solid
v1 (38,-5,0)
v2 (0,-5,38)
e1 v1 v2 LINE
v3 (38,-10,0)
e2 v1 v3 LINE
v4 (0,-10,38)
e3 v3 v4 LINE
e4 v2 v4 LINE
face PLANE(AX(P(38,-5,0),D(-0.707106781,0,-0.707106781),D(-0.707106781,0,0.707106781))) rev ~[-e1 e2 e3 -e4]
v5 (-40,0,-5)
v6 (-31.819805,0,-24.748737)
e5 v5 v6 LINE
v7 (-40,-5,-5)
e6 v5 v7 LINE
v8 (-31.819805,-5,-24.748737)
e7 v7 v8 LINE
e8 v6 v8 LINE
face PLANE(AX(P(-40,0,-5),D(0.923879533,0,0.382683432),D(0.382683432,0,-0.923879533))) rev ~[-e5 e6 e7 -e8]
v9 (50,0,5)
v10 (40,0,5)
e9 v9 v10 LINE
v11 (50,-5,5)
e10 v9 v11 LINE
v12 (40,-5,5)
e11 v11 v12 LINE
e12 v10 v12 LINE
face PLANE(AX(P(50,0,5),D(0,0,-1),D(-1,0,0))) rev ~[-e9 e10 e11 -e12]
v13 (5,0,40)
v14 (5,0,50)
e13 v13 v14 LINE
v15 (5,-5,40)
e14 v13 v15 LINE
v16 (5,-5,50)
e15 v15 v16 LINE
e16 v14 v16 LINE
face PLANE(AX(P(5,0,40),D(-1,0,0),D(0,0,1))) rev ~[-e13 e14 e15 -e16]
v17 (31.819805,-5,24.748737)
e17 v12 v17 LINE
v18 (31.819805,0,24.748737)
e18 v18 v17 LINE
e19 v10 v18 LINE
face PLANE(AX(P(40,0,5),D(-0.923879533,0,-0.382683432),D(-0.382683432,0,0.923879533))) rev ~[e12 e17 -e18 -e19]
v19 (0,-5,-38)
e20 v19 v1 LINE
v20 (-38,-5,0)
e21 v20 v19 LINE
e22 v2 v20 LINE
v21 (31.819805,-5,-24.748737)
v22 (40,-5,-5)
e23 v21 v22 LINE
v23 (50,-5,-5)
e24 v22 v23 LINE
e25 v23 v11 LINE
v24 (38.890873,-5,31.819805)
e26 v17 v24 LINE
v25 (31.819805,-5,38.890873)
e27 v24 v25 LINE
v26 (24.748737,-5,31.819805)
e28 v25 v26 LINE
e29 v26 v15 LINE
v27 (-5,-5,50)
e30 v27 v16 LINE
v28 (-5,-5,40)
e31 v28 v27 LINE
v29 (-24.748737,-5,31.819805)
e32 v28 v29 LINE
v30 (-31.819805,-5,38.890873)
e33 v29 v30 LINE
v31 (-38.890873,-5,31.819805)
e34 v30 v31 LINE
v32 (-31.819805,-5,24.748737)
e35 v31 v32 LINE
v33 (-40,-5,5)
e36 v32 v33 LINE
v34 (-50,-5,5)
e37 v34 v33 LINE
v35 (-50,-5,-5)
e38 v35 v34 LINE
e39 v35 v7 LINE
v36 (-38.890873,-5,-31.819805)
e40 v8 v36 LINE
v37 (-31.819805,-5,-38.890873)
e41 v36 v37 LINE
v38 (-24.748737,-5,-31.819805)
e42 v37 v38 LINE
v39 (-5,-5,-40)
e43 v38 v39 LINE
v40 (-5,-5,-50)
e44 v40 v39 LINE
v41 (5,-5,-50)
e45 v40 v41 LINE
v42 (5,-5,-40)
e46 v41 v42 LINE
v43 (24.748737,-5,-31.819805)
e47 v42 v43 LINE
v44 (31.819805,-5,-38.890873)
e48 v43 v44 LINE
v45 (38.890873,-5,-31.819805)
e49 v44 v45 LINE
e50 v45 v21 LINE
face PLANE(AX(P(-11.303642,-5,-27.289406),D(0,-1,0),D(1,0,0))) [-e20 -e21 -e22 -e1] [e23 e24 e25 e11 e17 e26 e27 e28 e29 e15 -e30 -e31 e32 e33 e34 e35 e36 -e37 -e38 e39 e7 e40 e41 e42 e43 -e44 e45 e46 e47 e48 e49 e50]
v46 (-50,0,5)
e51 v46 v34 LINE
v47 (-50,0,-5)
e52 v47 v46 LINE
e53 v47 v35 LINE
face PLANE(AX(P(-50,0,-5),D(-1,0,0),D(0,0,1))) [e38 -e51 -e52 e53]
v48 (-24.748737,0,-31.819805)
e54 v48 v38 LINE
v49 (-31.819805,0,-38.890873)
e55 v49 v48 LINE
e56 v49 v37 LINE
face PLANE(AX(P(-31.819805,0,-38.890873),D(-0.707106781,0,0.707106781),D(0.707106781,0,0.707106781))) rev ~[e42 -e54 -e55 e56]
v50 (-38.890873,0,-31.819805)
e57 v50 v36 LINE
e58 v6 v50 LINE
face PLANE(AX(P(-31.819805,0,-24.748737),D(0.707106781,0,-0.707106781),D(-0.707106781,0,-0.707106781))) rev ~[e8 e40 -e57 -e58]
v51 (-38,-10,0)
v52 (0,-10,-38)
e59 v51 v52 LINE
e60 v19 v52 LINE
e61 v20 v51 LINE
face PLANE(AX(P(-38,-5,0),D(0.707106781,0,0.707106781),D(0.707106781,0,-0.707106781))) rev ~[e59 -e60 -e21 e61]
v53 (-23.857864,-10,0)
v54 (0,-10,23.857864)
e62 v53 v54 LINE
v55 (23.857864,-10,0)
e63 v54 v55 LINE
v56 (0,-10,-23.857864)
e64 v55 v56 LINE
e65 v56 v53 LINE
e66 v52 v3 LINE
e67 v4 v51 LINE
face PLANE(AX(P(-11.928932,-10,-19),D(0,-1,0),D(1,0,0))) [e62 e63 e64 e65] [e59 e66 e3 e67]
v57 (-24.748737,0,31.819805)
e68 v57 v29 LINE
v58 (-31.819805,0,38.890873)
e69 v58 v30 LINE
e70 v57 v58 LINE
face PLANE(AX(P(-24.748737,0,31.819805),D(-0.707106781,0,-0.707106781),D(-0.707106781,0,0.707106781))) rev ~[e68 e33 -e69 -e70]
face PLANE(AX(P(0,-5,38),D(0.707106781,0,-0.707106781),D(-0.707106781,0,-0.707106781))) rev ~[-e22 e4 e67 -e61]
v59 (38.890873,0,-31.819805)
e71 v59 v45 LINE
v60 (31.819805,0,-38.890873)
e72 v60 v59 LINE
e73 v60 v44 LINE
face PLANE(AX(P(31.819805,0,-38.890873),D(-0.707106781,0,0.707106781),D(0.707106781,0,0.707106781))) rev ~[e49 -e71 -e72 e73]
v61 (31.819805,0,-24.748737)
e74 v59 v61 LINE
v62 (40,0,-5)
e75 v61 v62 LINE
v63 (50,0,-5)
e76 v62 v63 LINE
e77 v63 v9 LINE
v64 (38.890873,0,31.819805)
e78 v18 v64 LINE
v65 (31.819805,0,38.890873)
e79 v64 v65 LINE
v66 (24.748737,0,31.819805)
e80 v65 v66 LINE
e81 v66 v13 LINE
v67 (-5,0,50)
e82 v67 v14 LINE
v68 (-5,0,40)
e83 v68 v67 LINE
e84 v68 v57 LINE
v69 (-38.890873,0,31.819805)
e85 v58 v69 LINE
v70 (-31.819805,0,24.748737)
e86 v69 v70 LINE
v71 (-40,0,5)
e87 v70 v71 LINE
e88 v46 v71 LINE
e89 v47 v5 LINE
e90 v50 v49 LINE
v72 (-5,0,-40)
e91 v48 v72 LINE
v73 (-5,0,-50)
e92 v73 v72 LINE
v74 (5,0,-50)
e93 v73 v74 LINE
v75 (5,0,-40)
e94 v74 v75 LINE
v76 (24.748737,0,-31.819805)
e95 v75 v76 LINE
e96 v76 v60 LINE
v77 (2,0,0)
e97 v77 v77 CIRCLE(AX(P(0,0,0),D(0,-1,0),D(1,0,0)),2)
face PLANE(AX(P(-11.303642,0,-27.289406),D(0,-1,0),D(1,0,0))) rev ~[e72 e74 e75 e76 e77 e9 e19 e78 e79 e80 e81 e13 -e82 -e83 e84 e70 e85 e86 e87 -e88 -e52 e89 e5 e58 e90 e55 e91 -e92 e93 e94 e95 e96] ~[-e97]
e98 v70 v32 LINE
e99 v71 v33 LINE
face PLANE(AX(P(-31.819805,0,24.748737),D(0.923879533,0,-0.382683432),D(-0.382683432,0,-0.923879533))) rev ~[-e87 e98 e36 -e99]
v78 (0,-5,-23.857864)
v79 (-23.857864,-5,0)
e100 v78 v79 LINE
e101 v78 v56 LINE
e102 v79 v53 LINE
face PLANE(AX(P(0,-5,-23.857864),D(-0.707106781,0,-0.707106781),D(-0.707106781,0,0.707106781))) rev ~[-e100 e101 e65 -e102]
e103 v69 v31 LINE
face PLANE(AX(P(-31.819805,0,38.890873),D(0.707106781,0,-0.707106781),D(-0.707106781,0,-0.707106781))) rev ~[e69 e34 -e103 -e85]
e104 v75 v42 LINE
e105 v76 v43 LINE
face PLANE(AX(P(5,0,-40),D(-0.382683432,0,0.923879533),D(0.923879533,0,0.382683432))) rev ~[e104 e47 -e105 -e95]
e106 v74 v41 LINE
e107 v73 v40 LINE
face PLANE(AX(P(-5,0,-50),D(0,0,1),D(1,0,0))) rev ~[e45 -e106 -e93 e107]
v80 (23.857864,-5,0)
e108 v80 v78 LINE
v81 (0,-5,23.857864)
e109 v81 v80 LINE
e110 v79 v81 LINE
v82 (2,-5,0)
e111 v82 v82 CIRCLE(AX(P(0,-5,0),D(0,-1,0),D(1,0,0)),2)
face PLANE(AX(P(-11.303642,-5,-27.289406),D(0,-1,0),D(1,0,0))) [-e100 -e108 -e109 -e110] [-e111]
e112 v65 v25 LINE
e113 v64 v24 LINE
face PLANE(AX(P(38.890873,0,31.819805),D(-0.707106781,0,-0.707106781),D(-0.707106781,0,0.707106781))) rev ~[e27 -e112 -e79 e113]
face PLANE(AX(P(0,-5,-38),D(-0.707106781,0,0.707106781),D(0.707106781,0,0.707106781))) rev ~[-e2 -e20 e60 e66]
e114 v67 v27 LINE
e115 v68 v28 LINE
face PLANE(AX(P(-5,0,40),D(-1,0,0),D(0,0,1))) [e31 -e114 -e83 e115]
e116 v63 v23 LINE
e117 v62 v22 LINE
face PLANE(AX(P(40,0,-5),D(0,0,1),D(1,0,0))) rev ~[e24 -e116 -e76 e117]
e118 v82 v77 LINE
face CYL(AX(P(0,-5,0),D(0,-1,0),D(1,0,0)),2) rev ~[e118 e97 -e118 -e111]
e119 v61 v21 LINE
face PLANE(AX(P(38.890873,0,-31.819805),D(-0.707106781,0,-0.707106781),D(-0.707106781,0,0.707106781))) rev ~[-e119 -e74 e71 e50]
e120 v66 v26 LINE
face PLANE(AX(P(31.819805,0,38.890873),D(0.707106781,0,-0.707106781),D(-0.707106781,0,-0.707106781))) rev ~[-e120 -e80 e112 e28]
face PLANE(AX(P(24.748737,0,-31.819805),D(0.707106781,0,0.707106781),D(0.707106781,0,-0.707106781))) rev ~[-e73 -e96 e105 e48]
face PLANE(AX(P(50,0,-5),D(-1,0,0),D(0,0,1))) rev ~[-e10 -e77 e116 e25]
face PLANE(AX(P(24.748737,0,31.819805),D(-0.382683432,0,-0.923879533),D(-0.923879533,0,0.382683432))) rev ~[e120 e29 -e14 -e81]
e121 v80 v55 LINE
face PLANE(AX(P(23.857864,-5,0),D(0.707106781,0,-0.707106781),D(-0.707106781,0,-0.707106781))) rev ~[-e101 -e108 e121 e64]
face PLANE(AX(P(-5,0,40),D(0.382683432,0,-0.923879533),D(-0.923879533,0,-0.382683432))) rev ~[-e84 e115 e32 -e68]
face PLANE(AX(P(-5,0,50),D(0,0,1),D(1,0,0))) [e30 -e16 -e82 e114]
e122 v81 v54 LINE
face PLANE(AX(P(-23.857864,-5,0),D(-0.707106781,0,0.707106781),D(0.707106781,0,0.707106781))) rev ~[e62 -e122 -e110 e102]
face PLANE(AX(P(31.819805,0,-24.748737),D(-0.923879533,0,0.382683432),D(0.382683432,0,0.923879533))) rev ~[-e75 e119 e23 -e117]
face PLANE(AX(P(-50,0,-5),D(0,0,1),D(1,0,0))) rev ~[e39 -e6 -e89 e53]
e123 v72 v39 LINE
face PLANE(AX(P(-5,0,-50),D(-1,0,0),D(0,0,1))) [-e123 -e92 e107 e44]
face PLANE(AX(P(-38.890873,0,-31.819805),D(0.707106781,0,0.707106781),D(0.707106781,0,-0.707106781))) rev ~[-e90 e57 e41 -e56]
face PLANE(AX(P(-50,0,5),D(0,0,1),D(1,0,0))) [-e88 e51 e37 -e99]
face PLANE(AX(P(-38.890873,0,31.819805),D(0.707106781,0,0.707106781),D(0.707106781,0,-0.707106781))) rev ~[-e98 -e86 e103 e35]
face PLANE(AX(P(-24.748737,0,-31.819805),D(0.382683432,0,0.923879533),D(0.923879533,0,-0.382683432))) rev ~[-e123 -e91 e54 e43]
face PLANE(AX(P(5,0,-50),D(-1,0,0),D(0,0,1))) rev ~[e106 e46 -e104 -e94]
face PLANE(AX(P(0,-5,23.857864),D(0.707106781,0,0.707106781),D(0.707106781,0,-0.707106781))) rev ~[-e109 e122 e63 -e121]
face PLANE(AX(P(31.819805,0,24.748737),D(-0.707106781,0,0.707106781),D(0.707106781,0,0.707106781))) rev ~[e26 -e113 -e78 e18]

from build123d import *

# Parameters (mm, degrees)
F0_W     = 10
F0_H     = 10
F1_DEPTH = 5
F3_DEPTH = 5
F2_R     = 2
F4_DEPTH = 25


with BuildPart() as f1:
    # F0 (on Front) → F1 (new body)
    with BuildSketch(Plane.XZ):
        Polygon((-24.7487373415, -31.8198051534), (-5, -40), (-5, -12.0710678119), align=None)
        Polygon((-24.7487373415, 31.8198051534), (-5, 12.0710678119), (-5, 40), align=None)
        Polygon((5, 40), (5, 12.0710678119), (24.7487373415, 31.8198051534), align=None)
        Polygon((-31.8198051534, -38.8908729653), (-24.7487373415, -31.8198051534), (-31.8198051534, -24.7487373415), (-38.8908729653, -31.8198051534), align=None)
        Polygon((24.7487373415, 31.8198051534), (31.8198051534, 24.7487373415), (38.8908729653, 31.8198051534), (31.8198051534, 38.8908729653), align=None)
        Polygon((5, -12.0710678119), (5, -40), (24.7487373415, -31.8198051534), align=None)
        Polygon((31.8198051534, -24.7487373415), (24.7487373415, -31.8198051534), (31.8198051534, -38.8908729653), (38.8908729653, -31.8198051534), align=None)
        Polygon((-40, -5), (-31.8198051534, -24.7487373415), (-12.0710678119, -5), align=None)
        Polygon((-12.0710678119, 5), (-5, 5), (-5, 12.0710678119), (-24.7487373415, 31.8198051534), (-31.8198051534, 24.7487373415), align=None)
        Polygon((-38.8908729653, 31.8198051534), (-31.8198051534, 24.7487373415), (-24.7487373415, 31.8198051534), (-31.8198051534, 38.8908729653), align=None)
        Polygon((-31.8198051534, 24.7487373415), (-40, 5), (-12.0710678119, 5), align=None)
        with Locations((-45, 0)):
            Rectangle(F0_W, F0_H)
        Polygon((-12.0710678119, -5), (-5, -5), (-5, -2.0710678119), (-7.0710678119, 0), align=None)
        with Locations((45, 0)):
            Rectangle(F0_W, F0_H)
        Polygon((5, 2.0710678119), (5, -2.0710678119), (7.0710678119, 0), align=None)
        with Locations((0, 45)):
            Rectangle(F0_W, F0_H)
        Polygon((3.5355339059, -3.5355339059), (5, -2.0710678119), (5, 2.0710678119), (3.5355339059, 3.5355339059), (0, 0), align=None)
        Polygon((-5, -40), (5, -40), (5, -12.0710678119), (0, -7.0710678119), (-5, -12.0710678119), align=None)
        with Locations((0, -45)):
            Rectangle(F0_W, F0_H)
        Polygon((0, -7.0710678119), (5, -12.0710678119), (5, -5), (2.0710678119, -5), align=None)
        Polygon((7.0710678119, 0), (12.0710678119, -5), (40, -5), (40, 5), (12.0710678119, 5), align=None)
        Polygon((5, 5), (5, 2.0710678119), (7.0710678119, 0), (12.0710678119, 5), align=None)
        Polygon((5, -5), (5, -12.0710678119), (24.7487373415, -31.8198051534), (31.8198051534, -24.7487373415), (12.0710678119, -5), align=None)
        Polygon((-2.0710678119, -5), (0, -7.0710678119), (2.0710678119, -5), align=None)
        Polygon((5, 12.0710678119), (5, 5), (12.0710678119, 5), (31.8198051534, 24.7487373415), (24.7487373415, 31.8198051534), align=None)
        Polygon((-40, -5), (-12.0710678119, -5), (-7.0710678119, 0), (-12.0710678119, 5), (-40, 5), align=None)
        Polygon((-5, -5), (-5, -12.0710678119), (0, -7.0710678119), (-2.0710678119, -5), align=None)
        Polygon((5, -2.0710678119), (5, -5), (12.0710678119, -5), (7.0710678119, 0), align=None)
        Polygon((12.0710678119, -5), (31.8198051534, -24.7487373415), (40, -5), align=None)
        Polygon((12.0710678119, 5), (40, 5), (31.8198051534, 24.7487373415), align=None)
        Polygon((-2.0710678119, -5), (2.0710678119, -5), (3.5355339059, -3.5355339059), (0, 0), (-3.5355339059, -3.5355339059), align=None)
        Polygon((0, 7.0710678119), (5, 12.0710678119), (5, 40), (-5, 40), (-5, 12.0710678119), align=None)
        Polygon((-7.0710678119, 0), (-5, -2.0710678119), (-5, 2.0710678119), align=None)
        Polygon((-7.0710678119, 0), (-5, 2.0710678119), (-5, 5), (-12.0710678119, 5), align=None)
        Polygon((-2.0710678119, 5), (2.0710678119, 5), (0, 7.0710678119), align=None)
        Polygon((-5, 2.0710678119), (-5, -2.0710678119), (-3.5355339059, -3.5355339059), (0, 0), (-3.5355339059, 3.5355339059), align=None)
        Polygon((2.0710678119, 5), (5, 5), (5, 12.0710678119), (0, 7.0710678119), align=None)
        Polygon((-5, 12.0710678119), (-5, 5), (-2.0710678119, 5), (0, 7.0710678119), align=None)
        Polygon((-24.7487373415, -31.8198051534), (-5, -12.0710678119), (-5, -5), (-12.0710678119, -5), (-31.8198051534, -24.7487373415), align=None)
        Polygon((-3.5355339059, 3.5355339059), (0, 0), (3.5355339059, 3.5355339059), (2.0710678119, 5), (-2.0710678119, 5), align=None)
        Polygon((-5, 5), (-3.5355339059, 3.5355339059), (-2.0710678119, 5), align=None)
        Polygon((2.0710678119, -5), (5, -5), (3.5355339059, -3.5355339059), align=None)
        Polygon((-5, 5), (-5, 2.0710678119), (-3.5355339059, 3.5355339059), align=None)
        Polygon((3.5355339059, -3.5355339059), (5, -5), (5, -2.0710678119), align=None)
        Polygon((-3.5355339059, -3.5355339059), (-5, -5), (-2.0710678119, -5), align=None)
        Polygon((3.5355339059, 3.5355339059), (5, 2.0710678119), (5, 5), align=None)
        Polygon((3.5355339059, 3.5355339059), (5, 5), (2.0710678119, 5), align=None)
        Polygon((-5, -2.0710678119), (-5, -5), (-3.5355339059, -3.5355339059), align=None)
    extrude(amount=F1_DEPTH)

    # F2 (on face) → F3 (join)
    with BuildSketch(Plane.XZ.offset(5)):
        Polygon((-30.9289321881, -7.0710678119), (0, -38), (7.0710678119, -30.9289321881), (0, -23.8578643763), (-23.8578643763, 0), align=None)
        Polygon((-38, 0), (-30.9289321881, -7.0710678119), (-23.8578643763, 0), (0, 23.8578643763), (-7.0710678119, 30.9289321881), align=None)
        Polygon((0, -23.8578643763), (7.0710678119, -30.9289321881), (38, 0), (30.9289321881, 7.0710678119), (23.8578643763, 0), align=None)
        Polygon((0, 38), (-7.0710678119, 30.9289321881), (0, 23.8578643763), (23.8578643763, 0), (30.9289321881, 7.0710678119), align=None)
    extrude(amount=F3_DEPTH)

    # F2 (on face) → F4 (cut)
    with BuildSketch(Plane.XZ.offset(5)):
        Circle(F2_R)
    extrude(amount=-F4_DEPTH, mode=Mode.SUBTRACT)


solid = f1.part
